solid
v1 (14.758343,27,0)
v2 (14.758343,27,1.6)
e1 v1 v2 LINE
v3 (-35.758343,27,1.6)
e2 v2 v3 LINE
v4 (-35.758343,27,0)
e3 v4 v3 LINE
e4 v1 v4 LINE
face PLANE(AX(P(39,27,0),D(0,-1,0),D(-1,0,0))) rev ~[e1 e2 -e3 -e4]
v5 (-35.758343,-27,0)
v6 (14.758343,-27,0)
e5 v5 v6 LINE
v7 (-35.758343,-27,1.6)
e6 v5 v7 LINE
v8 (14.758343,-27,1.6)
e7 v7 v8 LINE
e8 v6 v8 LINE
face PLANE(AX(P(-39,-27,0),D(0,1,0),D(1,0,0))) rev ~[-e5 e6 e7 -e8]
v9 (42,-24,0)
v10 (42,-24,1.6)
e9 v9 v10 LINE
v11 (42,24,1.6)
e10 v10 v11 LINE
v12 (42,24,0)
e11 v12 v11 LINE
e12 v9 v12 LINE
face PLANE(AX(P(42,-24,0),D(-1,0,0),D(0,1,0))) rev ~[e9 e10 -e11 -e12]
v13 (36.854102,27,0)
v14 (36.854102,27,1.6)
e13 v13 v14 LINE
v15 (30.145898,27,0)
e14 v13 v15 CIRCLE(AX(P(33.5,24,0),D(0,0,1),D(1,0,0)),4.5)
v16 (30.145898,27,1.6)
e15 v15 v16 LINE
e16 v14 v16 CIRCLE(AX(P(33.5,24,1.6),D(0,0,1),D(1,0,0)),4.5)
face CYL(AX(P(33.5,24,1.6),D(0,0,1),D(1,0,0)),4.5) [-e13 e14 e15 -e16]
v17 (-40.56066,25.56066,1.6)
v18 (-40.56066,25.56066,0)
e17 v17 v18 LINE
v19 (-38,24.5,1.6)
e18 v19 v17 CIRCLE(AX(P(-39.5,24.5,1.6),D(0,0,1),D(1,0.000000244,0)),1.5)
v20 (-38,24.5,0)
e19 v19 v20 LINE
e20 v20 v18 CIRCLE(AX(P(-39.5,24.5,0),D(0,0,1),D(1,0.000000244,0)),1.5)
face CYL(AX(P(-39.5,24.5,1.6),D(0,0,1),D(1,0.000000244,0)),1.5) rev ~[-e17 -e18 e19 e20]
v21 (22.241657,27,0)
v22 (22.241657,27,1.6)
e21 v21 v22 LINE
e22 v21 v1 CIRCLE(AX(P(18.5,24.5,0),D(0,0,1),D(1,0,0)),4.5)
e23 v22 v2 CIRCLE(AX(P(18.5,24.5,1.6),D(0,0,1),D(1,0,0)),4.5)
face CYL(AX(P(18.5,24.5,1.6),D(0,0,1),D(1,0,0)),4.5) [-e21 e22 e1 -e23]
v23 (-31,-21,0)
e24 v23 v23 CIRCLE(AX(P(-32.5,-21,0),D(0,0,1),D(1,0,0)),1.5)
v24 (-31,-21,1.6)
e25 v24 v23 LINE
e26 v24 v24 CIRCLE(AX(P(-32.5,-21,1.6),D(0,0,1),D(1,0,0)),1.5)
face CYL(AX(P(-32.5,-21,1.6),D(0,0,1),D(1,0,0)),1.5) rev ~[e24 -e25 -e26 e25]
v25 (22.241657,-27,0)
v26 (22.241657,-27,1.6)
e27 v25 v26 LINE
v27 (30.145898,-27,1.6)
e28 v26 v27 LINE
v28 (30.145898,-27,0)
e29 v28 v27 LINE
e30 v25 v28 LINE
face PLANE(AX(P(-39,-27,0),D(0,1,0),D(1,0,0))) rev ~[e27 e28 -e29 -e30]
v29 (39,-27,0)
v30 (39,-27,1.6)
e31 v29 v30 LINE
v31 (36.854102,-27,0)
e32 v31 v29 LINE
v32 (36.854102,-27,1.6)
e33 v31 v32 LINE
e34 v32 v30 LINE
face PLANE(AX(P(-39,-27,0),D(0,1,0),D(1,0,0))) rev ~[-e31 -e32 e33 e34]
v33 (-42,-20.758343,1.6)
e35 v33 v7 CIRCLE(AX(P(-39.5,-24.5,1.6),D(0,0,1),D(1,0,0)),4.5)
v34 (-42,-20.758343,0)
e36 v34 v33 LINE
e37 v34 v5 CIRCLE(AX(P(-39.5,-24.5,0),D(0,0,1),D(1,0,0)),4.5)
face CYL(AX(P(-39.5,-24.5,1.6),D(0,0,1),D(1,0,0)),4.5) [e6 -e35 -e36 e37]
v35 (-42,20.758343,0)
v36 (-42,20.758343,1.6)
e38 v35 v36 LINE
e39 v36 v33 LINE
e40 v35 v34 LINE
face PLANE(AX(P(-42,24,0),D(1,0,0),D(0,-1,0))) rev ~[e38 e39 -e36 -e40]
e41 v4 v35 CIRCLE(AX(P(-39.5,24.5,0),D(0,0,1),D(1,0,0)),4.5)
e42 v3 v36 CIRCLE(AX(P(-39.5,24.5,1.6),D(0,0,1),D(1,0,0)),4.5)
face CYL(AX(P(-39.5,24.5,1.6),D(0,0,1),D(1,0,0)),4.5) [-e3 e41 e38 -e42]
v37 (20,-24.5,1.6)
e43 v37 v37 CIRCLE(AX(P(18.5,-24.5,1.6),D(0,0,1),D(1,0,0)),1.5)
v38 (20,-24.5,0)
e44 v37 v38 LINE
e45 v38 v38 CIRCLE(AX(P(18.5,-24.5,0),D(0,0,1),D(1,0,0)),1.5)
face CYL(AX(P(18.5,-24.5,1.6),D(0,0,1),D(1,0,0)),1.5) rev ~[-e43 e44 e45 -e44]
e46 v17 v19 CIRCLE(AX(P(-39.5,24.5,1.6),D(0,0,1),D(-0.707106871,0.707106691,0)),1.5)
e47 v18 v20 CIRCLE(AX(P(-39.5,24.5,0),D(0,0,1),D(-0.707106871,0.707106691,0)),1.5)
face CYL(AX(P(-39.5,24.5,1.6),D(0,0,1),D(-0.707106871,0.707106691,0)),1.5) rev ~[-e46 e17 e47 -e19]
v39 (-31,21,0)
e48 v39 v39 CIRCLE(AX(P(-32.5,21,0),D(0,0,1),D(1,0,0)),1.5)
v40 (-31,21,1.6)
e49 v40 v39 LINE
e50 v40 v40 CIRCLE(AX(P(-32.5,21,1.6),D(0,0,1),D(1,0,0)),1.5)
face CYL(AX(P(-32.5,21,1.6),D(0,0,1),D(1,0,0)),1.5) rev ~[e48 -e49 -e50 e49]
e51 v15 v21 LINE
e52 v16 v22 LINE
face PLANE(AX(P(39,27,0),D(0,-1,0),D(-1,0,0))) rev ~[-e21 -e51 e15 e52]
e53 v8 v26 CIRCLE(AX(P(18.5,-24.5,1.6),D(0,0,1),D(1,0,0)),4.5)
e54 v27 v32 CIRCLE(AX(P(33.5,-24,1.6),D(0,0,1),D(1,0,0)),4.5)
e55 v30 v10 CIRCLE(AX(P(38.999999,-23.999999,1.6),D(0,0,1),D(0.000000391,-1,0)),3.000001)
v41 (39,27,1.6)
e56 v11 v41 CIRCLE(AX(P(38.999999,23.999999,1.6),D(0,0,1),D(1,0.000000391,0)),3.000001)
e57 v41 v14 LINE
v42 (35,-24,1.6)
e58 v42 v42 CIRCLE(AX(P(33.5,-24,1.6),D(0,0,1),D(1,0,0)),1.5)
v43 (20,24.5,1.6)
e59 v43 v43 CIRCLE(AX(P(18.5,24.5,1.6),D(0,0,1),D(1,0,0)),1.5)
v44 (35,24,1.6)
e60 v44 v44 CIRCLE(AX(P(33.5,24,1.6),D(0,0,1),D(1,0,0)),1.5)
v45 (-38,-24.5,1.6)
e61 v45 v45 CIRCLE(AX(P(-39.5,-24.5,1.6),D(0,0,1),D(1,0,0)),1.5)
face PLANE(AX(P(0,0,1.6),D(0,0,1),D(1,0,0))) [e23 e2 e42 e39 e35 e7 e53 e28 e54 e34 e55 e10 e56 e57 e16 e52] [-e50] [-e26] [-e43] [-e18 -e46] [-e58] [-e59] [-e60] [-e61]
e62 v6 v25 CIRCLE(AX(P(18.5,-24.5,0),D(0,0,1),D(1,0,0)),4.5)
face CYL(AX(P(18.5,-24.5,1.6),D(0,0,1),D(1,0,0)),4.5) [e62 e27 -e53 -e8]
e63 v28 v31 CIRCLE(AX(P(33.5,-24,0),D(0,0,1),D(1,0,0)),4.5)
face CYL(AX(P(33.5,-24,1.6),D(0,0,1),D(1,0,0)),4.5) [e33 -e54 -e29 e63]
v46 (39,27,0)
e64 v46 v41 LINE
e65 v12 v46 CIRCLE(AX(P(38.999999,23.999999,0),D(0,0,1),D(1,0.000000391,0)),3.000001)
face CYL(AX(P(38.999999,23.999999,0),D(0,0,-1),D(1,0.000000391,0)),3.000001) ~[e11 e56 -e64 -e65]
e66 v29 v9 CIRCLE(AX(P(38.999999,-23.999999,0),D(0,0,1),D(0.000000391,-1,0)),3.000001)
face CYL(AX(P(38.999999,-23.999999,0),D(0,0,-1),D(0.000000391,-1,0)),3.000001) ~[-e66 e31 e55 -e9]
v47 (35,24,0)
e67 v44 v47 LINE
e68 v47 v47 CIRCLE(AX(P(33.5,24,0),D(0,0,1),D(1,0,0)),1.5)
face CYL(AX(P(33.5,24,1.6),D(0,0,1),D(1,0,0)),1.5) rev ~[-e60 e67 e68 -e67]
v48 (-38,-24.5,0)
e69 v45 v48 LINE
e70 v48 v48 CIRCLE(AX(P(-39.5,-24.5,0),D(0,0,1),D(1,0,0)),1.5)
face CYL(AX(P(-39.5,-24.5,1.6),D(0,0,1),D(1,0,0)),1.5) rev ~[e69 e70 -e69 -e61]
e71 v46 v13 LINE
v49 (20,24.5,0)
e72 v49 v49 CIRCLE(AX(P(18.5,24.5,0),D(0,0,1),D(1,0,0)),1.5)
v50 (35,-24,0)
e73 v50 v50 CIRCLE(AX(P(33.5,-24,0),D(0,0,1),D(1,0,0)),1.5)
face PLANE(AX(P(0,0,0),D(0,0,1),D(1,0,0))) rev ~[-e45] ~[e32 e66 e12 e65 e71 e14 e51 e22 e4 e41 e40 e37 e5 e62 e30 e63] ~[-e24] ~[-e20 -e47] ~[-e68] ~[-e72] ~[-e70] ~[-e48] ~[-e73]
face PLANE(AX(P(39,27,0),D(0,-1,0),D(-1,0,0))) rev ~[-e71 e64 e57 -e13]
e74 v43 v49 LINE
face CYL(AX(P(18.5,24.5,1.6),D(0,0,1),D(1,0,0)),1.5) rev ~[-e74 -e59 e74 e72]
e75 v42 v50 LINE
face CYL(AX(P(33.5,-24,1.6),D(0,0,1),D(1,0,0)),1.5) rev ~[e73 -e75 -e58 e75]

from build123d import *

# Parameters (mm, degrees)
F1_DEPTH = 1.6
F2_R     = 1.5
F3_DEPTH = 1.6
F4_R     = 1.5
F5_DEPTH = 1.6
F6_R     = 4.5
F6_R_2   = 1.5
F7_DEPTH = 1.6


with BuildPart() as f1:
    # F0 (on Top) → F1 (new body)
    with BuildSketch(Plane.XY):
        with BuildLine():
            Line((-39, -27), (39, -27))
            ThreePointArc((39, -27), (41.12132, -26.12132), (42, -24))
            Line((42, -24), (42, 24))
            ThreePointArc((42, 24), (41.12132, 26.12132), (39, 27))
            Line((39, 27), (-39, 27))
            ThreePointArc((-39, 27), (-41.12132, 26.12132), (-42, 24))
            Line((-42, 24), (-42, -24))
            ThreePointArc((-42, -24), (-41.12132, -26.12132), (-39, -27))
        make_face()
    extrude(amount=F1_DEPTH)

    # F2 (on face) → F3 (cut, through all)
    with BuildSketch(Plane.XY.offset(1.6)):
        with BuildLine():
            ThreePointArc((-40.56066, 25.56066), (-40.074025, 23.114181), (-38, 24.5))
            ThreePointArc((-38, 24.5), (-38.925975, 25.885819), (-40.56066, 25.56066))
        make_face()
        with Locations((18.5, 24.5)):
            Circle(F2_R)
        with Locations((18.5, -24.5)):
            Circle(F2_R)
        with Locations((-39.5, -24.5)):
            Circle(F2_R)
    extrude(amount=-F3_DEPTH, mode=Mode.SUBTRACT)

    # F4 (on face) → F5 (cut, through all)
    with BuildSketch(Plane.XY.offset(1.6)):
        with Locations((33.5, 24)):
            Circle(F4_R)
        with Locations((33.5, -24)):
            Circle(F4_R)
        with Locations((-32.5, 21)):
            Circle(F4_R)
        with Locations((-32.5, -21)):
            Circle(F4_R)
    extrude(amount=-F5_DEPTH, mode=Mode.SUBTRACT)

    # F6 (on face) → F7 (join)
    with BuildSketch(Plane.XY.offset(1.6)):
        with Locations((-39.5, 24.5)):
            Circle(F6_R)
        with Locations((-39.5, 24.5)):
            Circle(F6_R_2, mode=Mode.SUBTRACT)
        with Locations((-39.5, -24.5)):
            Circle(F6_R)
        with Locations((-39.5, -24.5)):
            Circle(F6_R_2, mode=Mode.SUBTRACT)
        with Locations((18.5, 24.5)):
            Circle(F6_R)
        with Locations((18.5, 24.5)):
            Circle(F6_R_2, mode=Mode.SUBTRACT)
        with Locations((18.5, -24.5)):
            Circle(F6_R)
        with Locations((18.5, -24.5)):
            Circle(F6_R_2, mode=Mode.SUBTRACT)
        with Locations((33.5, -24)):
            Circle(F6_R)
        with Locations((33.5, -24)):
            Circle(F6_R_2, mode=Mode.SUBTRACT)
        with Locations((33.5, 24)):
            Circle(F6_R)
        with Locations((33.5, 24)):
            Circle(F6_R_2, mode=Mode.SUBTRACT)
    extrude(amount=-F7_DEPTH)


solid = f1.part
